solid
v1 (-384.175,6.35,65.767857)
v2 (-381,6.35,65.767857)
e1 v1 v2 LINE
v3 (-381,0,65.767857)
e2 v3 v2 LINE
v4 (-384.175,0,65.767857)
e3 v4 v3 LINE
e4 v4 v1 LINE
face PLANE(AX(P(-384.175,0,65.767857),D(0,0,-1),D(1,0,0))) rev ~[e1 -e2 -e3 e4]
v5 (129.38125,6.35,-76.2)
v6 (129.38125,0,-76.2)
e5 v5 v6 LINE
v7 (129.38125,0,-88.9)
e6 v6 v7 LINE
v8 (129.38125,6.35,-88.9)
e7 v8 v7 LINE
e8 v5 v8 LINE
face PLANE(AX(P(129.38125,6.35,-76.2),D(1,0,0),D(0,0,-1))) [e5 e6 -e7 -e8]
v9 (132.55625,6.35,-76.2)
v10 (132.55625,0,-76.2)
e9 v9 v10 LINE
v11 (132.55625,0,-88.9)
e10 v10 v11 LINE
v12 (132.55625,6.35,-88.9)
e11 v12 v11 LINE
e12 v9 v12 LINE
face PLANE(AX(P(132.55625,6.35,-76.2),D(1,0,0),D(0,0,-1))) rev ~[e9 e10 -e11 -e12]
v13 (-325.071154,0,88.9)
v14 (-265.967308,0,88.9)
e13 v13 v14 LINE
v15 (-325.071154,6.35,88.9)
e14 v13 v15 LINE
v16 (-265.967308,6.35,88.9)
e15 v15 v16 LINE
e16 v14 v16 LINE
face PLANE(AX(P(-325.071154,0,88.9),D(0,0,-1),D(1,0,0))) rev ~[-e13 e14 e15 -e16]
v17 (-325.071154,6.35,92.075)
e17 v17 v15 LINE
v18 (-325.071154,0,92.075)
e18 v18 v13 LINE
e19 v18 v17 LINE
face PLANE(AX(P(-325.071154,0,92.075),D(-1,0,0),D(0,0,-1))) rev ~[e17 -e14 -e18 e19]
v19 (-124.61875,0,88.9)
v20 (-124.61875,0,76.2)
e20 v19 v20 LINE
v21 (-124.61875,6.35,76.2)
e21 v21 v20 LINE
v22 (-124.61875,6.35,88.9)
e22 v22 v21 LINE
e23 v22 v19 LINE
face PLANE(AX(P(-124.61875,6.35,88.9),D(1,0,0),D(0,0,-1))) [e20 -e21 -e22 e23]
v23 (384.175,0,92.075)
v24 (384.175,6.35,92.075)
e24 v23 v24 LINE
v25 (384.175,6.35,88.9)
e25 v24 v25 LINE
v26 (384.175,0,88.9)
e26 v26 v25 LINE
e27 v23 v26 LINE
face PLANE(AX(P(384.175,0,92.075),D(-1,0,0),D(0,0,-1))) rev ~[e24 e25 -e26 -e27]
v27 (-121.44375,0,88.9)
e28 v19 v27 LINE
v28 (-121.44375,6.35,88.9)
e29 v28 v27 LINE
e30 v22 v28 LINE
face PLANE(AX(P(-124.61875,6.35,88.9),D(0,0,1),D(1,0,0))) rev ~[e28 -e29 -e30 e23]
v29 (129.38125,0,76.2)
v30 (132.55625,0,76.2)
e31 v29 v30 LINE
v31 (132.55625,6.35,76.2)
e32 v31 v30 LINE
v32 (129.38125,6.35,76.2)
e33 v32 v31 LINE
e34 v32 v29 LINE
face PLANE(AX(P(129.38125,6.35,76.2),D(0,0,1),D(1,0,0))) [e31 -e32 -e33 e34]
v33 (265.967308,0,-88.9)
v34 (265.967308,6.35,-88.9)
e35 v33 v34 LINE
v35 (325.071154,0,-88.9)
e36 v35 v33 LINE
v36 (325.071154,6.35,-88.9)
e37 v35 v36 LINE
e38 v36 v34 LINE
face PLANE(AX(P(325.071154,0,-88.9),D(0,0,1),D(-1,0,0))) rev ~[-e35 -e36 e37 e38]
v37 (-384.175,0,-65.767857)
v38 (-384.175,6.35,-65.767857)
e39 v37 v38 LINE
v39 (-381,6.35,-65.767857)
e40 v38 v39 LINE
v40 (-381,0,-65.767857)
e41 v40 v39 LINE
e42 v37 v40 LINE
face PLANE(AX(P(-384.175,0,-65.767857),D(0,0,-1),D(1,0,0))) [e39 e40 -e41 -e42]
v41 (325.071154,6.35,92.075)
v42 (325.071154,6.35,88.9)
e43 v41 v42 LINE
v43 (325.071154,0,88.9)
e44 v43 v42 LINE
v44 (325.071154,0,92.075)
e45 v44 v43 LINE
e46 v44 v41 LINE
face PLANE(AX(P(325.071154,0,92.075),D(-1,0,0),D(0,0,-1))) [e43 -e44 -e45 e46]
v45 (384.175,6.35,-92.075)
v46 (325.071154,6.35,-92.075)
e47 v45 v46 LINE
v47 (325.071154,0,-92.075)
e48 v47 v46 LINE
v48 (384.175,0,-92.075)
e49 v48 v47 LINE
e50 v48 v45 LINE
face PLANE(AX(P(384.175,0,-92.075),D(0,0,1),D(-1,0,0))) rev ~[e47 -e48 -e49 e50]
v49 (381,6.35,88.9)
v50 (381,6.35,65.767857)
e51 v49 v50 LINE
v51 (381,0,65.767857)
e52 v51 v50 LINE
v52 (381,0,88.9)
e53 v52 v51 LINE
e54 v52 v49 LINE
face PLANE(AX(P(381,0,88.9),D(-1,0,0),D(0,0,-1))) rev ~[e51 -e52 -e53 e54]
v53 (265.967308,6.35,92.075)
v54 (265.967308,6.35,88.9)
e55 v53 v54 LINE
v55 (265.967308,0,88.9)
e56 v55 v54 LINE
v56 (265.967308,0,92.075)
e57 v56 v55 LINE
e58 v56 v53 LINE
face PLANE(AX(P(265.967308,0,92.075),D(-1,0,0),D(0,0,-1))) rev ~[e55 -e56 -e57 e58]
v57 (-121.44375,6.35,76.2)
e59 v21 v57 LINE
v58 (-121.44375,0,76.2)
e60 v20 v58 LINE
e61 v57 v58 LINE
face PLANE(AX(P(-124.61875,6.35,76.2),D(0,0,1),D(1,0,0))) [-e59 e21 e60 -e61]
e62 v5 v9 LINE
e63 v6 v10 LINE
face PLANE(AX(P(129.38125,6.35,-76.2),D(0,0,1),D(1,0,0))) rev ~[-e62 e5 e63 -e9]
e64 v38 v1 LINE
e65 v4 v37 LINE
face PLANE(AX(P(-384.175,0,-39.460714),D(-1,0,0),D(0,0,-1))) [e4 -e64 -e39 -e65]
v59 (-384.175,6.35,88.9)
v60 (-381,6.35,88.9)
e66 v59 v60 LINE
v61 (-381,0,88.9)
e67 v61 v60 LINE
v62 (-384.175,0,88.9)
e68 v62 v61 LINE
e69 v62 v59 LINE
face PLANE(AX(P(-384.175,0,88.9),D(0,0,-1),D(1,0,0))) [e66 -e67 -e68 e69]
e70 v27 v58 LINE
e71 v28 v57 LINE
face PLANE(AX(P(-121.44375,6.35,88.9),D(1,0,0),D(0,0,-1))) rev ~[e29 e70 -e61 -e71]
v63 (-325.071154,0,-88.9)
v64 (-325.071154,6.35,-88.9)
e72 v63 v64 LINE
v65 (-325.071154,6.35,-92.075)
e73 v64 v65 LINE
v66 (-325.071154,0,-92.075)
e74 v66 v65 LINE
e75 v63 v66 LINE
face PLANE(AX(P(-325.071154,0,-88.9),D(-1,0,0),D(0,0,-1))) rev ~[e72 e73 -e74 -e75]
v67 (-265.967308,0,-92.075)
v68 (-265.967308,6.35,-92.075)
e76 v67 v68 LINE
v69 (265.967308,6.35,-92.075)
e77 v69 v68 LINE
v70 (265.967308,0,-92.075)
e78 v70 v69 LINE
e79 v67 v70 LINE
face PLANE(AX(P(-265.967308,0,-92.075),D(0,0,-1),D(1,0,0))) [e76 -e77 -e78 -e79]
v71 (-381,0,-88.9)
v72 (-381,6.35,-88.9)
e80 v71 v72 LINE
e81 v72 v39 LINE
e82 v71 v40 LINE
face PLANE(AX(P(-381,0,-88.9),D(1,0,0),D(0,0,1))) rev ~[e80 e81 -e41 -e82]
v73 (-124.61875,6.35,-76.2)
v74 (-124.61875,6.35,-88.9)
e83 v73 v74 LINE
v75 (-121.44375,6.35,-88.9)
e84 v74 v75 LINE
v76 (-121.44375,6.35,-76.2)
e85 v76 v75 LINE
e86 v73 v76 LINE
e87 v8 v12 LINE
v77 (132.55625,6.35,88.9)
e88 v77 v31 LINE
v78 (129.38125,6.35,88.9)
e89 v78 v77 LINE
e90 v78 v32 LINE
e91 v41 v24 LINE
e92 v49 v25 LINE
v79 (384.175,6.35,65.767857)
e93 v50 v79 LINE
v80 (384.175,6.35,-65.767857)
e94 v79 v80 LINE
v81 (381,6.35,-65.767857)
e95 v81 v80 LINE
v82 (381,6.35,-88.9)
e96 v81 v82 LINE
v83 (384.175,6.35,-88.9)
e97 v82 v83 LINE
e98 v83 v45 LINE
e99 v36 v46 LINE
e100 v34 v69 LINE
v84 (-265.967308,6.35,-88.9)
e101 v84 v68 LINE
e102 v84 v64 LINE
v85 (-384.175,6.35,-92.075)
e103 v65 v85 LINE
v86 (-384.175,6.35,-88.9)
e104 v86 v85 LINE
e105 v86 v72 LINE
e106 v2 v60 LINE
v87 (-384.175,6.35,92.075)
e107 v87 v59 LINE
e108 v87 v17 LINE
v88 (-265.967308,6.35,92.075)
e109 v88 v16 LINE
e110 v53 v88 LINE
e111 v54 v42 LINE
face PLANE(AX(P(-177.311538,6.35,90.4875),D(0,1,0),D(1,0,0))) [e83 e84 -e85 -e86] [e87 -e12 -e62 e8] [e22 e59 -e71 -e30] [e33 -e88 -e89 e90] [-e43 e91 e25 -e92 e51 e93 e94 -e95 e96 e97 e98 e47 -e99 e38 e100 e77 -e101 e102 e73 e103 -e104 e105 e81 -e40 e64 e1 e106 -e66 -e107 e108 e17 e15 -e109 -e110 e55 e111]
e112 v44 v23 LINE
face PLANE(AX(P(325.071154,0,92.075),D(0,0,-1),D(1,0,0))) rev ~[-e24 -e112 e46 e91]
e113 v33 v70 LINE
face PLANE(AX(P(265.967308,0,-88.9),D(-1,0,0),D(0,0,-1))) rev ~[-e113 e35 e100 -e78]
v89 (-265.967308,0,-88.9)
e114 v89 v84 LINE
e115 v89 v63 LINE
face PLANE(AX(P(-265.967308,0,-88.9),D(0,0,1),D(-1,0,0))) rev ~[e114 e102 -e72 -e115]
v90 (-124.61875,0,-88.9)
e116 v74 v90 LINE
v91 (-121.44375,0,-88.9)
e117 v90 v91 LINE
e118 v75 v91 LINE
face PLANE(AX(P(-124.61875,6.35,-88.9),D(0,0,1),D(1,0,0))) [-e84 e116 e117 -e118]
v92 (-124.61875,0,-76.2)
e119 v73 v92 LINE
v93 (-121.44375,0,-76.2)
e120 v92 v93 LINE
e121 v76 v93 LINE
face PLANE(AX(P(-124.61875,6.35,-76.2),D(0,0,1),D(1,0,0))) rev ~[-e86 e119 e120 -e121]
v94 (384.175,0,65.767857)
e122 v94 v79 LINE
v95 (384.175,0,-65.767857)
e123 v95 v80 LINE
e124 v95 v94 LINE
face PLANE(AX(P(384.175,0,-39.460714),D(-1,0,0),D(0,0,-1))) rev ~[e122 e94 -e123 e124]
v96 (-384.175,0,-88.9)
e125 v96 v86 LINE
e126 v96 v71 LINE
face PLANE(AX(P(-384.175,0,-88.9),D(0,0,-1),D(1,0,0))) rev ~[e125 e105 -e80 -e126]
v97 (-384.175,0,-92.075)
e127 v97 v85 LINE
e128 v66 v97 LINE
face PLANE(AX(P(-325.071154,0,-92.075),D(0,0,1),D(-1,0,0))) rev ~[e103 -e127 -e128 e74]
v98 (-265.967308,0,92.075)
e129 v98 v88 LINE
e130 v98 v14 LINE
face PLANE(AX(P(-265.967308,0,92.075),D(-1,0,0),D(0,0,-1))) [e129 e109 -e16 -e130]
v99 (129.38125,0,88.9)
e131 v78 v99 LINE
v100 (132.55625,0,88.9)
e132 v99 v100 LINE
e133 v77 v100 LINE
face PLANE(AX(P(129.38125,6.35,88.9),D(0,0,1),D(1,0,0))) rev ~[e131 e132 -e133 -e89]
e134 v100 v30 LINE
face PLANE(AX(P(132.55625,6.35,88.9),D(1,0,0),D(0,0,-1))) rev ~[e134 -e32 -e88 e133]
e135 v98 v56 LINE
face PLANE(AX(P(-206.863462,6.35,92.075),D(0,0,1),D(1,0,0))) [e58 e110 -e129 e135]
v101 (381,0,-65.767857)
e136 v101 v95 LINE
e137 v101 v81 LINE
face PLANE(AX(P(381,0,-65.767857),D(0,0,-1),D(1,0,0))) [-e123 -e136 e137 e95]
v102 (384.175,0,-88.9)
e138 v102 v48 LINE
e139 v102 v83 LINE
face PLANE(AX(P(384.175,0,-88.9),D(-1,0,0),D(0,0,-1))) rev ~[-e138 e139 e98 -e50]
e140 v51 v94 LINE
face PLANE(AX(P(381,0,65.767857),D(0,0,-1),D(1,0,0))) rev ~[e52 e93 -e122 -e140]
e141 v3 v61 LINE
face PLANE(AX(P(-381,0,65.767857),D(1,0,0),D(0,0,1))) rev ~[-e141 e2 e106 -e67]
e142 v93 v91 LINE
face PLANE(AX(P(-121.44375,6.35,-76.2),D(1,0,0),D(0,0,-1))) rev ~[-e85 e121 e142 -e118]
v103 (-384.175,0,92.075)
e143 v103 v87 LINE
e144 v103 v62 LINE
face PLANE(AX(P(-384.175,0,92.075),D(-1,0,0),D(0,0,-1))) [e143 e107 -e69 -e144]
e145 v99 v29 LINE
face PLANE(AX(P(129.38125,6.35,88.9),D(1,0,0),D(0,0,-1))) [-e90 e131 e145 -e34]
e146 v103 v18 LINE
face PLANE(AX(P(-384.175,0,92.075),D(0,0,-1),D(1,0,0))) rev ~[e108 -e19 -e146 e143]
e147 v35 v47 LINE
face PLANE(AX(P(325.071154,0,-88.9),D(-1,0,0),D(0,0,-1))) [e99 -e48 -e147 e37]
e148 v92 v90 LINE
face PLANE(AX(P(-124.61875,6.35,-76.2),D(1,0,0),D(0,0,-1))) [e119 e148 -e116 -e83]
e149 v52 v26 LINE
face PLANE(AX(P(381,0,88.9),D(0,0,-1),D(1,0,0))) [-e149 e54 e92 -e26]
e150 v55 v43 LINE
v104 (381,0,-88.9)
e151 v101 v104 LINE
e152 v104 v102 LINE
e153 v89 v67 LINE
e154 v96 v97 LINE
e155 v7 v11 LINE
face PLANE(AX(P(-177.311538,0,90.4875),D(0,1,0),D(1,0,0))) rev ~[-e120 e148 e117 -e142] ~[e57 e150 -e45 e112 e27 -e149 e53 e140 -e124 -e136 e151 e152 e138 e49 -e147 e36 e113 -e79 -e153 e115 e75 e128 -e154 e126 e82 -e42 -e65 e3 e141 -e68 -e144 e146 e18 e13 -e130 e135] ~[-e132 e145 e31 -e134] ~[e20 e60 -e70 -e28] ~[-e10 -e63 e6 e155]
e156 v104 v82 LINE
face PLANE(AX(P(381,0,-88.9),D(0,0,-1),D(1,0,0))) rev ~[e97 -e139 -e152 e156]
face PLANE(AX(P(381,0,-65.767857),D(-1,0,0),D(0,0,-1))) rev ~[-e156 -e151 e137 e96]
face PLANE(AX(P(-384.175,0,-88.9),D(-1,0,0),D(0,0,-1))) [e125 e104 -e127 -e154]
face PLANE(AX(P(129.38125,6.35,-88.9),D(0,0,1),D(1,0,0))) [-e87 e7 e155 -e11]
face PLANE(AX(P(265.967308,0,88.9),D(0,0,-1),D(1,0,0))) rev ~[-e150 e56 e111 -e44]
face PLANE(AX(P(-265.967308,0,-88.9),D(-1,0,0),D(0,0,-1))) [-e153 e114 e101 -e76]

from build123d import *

# Parameters (mm, degrees)
SKETCH1_W           = 55.928846154
SKETCH1_H           = 3.175
SKETCH1_W_2         = 3.175
SKETCH1_W_3         = 59.103846154
SKETCH1_H_2         = 26.307142857
SKETCH1_H_3         = 26.307142858
BOSS_EXTRUDE1_DEPTH = 6.35
SKETCH2_W           = 3.175
SKETCH2_H           = 12.7
CUT_EXTRUDE1_DEPTH  = 396.105756412
SKETCH3_W           = 59.103846153
SKETCH3_H           = 3.175
SKETCH3_W_2         = 59.103846154
SKETCH3_W_3         = 3.175
SKETCH3_H_2         = 26.307142857
BOSS_EXTRUDE2_DEPTH = 6.35


with BuildPart() as part:
    # Sketch1 → Boss-Extrude1 (new body)
    with BuildSketch(Plane(origin=(0, 0, 0), x_dir=(1, 0, 0), z_dir=(0, 1, 0))):
        Polygon((0, -88.9), (0, 88.9), (-29.551923077, 88.9), (-88.655769231, 88.9), (-147.759615385, 88.9), (-206.863461538, 88.9), (-265.967307692, 88.9), (-325.071153846, 88.9), (-381, 88.9), (-381, 65.767857143), (-381, 39.460714286), (-381, 13.153571429), (-381, -13.153571429), (-381, -39.460714286), (-381, -65.767857143), (-381, -88.9), (-325.071153846, -88.9), (-265.967307692, -88.9), (-206.863461538, -88.9), (-147.759615385, -88.9), (-88.655769231, -88.9), (-29.551923077, -88.9), align=None)
        Polygon((29.551923077, 88.9), (0, 88.9), (0, -88.9), (29.551923077, -88.9), (88.655769231, -88.9), (147.759615385, -88.9), (206.863461538, -88.9), (265.967307692, -88.9), (325.071153846, -88.9), (381, -88.9), (381, -65.767857143), (381, -39.460714286), (381, -13.153571429), (381, 13.153571429), (381, 39.460714286), (381, 65.767857143), (381, 88.9), (325.071153846, 88.9), (265.967307692, 88.9), (206.863461538, 88.9), (147.759615385, 88.9), (88.655769231, 88.9), align=None)
        with Locations((-353.035576923, -90.4875)):
            Rectangle(SKETCH1_W, SKETCH1_H)
        with Locations((-382.5875, -90.4875)):
            Rectangle(SKETCH1_W_2, SKETCH1_H)
        with Locations((-236.415384615, -90.4875)):
            Rectangle(SKETCH1_W_3, SKETCH1_H)
        with Locations((-382.5875, -52.614285714)):
            Rectangle(SKETCH1_W_2, SKETCH1_H_2)
        with Locations((-118.207692308, -90.4875)):
            Rectangle(SKETCH1_W_3, SKETCH1_H)
        with Locations((-382.5875, 0)):
            Rectangle(SKETCH1_W_2, SKETCH1_H_3)
        with Locations((-382.5875, 52.614285714)):
            Rectangle(SKETCH1_W_2, SKETCH1_H_2)
        with Locations((-382.5875, 90.4875)):
            Rectangle(SKETCH1_W_2, SKETCH1_H)
        with Locations((-353.035576923, 90.4875)):
            Rectangle(SKETCH1_W, SKETCH1_H)
        with Locations((-236.415384615, 90.4875)):
            Rectangle(SKETCH1_W_3, SKETCH1_H)
        with Locations((-118.207692308, 90.4875)):
            Rectangle(SKETCH1_W_3, SKETCH1_H)
        Polygon((-29.551923077, 88.9), (0, 88.9), (29.551923077, 88.9), (29.551923077, 92.075), (-29.551923077, 92.075), align=None)
        with Locations((118.207692308, 90.4875)):
            Rectangle(SKETCH1_W_3, SKETCH1_H)
        Polygon((29.551923077, -88.9), (0, -88.9), (-29.551923077, -88.9), (-29.551923077, -92.075), (29.551923077, -92.075), align=None)
        with Locations((118.207692308, -90.4875)):
            Rectangle(SKETCH1_W_3, SKETCH1_H)
        with Locations((236.415384615, -90.4875)):
            Rectangle(SKETCH1_W_3, SKETCH1_H)
        with Locations((236.415384615, 90.4875)):
            Rectangle(SKETCH1_W_3, SKETCH1_H)
        with Locations((382.5875, 90.4875)):
            Rectangle(SKETCH1_W_2, SKETCH1_H)
        with Locations((382.5875, 52.614285714)):
            Rectangle(SKETCH1_W_2, SKETCH1_H_2)
        with Locations((382.5875, 0)):
            Rectangle(SKETCH1_W_2, SKETCH1_H_3)
        with Locations((382.5875, -52.614285714)):
            Rectangle(SKETCH1_W_2, SKETCH1_H_2)
        with Locations((382.5875, -90.4875)):
            Rectangle(SKETCH1_W_2, SKETCH1_H)
        with Locations((354.623076923, -90.4875)):
            Rectangle(SKETCH1_W_3, SKETCH1_H)
        with Locations((354.623076923, 90.4875)):
            Rectangle(SKETCH1_W_3, SKETCH1_H)
    extrude(amount=BOSS_EXTRUDE1_DEPTH)

    # Sketch2 → Cut-Extrude1 (cut, through all)
    with BuildSketch(Plane(origin=(0, 6.35, 0), x_dir=(1, 0, 0), z_dir=(0, 1, 0))):
        with Locations((-123.03125, 82.55)):
            Rectangle(SKETCH2_W, SKETCH2_H)
        with Locations((-123.03125, -82.55)):
            Rectangle(SKETCH2_W, SKETCH2_H)
        with Locations((130.96875, 82.55)):
            Rectangle(SKETCH2_W, SKETCH2_H)
        with Locations((130.96875, -82.55)):
            Rectangle(SKETCH2_W, SKETCH2_H)
    extrude(amount=-CUT_EXTRUDE1_DEPTH, mode=Mode.SUBTRACT)

    # Sketch3 → Boss-Extrude2 (add)
    with BuildSketch(Plane(origin=(0, 6.35, 0), x_dir=(1, 0, 0), z_dir=(0, 1, 0))):
        with Locations((-177.311538462, -90.4875)):
            Rectangle(SKETCH3_W, SKETCH3_H)
        with Locations((-59.103846154, -90.4875)):
            Rectangle(SKETCH3_W_2, SKETCH3_H)
        with Locations((59.103846154, -90.4875)):
            Rectangle(SKETCH3_W_2, SKETCH3_H)
        with Locations((177.311538462, -90.4875)):
            Rectangle(SKETCH3_W, SKETCH3_H)
        with Locations((382.5875, -26.307142858)):
            Rectangle(SKETCH3_W_3, SKETCH3_H_2)
        with Locations((382.5875, 26.307142858)):
            Rectangle(SKETCH3_W_3, SKETCH3_H_2)
        with Locations((-382.5875, -26.307142858)):
            Rectangle(SKETCH3_W_3, SKETCH3_H_2)
        with Locations((-382.5875, 26.307142858)):
            Rectangle(SKETCH3_W_3, SKETCH3_H_2)
        with Locations((-177.311538462, 90.4875)):
            Rectangle(SKETCH3_W, SKETCH3_H)
        with Locations((-59.103846154, 90.4875)):
            Rectangle(SKETCH3_W_2, SKETCH3_H)
        with Locations((59.103846154, 90.4875)):
            Rectangle(SKETCH3_W_2, SKETCH3_H)
        with Locations((177.311538462, 90.4875)):
            Rectangle(SKETCH3_W, SKETCH3_H)
    extrude(amount=-BOSS_EXTRUDE2_DEPTH)


solid = part.part
